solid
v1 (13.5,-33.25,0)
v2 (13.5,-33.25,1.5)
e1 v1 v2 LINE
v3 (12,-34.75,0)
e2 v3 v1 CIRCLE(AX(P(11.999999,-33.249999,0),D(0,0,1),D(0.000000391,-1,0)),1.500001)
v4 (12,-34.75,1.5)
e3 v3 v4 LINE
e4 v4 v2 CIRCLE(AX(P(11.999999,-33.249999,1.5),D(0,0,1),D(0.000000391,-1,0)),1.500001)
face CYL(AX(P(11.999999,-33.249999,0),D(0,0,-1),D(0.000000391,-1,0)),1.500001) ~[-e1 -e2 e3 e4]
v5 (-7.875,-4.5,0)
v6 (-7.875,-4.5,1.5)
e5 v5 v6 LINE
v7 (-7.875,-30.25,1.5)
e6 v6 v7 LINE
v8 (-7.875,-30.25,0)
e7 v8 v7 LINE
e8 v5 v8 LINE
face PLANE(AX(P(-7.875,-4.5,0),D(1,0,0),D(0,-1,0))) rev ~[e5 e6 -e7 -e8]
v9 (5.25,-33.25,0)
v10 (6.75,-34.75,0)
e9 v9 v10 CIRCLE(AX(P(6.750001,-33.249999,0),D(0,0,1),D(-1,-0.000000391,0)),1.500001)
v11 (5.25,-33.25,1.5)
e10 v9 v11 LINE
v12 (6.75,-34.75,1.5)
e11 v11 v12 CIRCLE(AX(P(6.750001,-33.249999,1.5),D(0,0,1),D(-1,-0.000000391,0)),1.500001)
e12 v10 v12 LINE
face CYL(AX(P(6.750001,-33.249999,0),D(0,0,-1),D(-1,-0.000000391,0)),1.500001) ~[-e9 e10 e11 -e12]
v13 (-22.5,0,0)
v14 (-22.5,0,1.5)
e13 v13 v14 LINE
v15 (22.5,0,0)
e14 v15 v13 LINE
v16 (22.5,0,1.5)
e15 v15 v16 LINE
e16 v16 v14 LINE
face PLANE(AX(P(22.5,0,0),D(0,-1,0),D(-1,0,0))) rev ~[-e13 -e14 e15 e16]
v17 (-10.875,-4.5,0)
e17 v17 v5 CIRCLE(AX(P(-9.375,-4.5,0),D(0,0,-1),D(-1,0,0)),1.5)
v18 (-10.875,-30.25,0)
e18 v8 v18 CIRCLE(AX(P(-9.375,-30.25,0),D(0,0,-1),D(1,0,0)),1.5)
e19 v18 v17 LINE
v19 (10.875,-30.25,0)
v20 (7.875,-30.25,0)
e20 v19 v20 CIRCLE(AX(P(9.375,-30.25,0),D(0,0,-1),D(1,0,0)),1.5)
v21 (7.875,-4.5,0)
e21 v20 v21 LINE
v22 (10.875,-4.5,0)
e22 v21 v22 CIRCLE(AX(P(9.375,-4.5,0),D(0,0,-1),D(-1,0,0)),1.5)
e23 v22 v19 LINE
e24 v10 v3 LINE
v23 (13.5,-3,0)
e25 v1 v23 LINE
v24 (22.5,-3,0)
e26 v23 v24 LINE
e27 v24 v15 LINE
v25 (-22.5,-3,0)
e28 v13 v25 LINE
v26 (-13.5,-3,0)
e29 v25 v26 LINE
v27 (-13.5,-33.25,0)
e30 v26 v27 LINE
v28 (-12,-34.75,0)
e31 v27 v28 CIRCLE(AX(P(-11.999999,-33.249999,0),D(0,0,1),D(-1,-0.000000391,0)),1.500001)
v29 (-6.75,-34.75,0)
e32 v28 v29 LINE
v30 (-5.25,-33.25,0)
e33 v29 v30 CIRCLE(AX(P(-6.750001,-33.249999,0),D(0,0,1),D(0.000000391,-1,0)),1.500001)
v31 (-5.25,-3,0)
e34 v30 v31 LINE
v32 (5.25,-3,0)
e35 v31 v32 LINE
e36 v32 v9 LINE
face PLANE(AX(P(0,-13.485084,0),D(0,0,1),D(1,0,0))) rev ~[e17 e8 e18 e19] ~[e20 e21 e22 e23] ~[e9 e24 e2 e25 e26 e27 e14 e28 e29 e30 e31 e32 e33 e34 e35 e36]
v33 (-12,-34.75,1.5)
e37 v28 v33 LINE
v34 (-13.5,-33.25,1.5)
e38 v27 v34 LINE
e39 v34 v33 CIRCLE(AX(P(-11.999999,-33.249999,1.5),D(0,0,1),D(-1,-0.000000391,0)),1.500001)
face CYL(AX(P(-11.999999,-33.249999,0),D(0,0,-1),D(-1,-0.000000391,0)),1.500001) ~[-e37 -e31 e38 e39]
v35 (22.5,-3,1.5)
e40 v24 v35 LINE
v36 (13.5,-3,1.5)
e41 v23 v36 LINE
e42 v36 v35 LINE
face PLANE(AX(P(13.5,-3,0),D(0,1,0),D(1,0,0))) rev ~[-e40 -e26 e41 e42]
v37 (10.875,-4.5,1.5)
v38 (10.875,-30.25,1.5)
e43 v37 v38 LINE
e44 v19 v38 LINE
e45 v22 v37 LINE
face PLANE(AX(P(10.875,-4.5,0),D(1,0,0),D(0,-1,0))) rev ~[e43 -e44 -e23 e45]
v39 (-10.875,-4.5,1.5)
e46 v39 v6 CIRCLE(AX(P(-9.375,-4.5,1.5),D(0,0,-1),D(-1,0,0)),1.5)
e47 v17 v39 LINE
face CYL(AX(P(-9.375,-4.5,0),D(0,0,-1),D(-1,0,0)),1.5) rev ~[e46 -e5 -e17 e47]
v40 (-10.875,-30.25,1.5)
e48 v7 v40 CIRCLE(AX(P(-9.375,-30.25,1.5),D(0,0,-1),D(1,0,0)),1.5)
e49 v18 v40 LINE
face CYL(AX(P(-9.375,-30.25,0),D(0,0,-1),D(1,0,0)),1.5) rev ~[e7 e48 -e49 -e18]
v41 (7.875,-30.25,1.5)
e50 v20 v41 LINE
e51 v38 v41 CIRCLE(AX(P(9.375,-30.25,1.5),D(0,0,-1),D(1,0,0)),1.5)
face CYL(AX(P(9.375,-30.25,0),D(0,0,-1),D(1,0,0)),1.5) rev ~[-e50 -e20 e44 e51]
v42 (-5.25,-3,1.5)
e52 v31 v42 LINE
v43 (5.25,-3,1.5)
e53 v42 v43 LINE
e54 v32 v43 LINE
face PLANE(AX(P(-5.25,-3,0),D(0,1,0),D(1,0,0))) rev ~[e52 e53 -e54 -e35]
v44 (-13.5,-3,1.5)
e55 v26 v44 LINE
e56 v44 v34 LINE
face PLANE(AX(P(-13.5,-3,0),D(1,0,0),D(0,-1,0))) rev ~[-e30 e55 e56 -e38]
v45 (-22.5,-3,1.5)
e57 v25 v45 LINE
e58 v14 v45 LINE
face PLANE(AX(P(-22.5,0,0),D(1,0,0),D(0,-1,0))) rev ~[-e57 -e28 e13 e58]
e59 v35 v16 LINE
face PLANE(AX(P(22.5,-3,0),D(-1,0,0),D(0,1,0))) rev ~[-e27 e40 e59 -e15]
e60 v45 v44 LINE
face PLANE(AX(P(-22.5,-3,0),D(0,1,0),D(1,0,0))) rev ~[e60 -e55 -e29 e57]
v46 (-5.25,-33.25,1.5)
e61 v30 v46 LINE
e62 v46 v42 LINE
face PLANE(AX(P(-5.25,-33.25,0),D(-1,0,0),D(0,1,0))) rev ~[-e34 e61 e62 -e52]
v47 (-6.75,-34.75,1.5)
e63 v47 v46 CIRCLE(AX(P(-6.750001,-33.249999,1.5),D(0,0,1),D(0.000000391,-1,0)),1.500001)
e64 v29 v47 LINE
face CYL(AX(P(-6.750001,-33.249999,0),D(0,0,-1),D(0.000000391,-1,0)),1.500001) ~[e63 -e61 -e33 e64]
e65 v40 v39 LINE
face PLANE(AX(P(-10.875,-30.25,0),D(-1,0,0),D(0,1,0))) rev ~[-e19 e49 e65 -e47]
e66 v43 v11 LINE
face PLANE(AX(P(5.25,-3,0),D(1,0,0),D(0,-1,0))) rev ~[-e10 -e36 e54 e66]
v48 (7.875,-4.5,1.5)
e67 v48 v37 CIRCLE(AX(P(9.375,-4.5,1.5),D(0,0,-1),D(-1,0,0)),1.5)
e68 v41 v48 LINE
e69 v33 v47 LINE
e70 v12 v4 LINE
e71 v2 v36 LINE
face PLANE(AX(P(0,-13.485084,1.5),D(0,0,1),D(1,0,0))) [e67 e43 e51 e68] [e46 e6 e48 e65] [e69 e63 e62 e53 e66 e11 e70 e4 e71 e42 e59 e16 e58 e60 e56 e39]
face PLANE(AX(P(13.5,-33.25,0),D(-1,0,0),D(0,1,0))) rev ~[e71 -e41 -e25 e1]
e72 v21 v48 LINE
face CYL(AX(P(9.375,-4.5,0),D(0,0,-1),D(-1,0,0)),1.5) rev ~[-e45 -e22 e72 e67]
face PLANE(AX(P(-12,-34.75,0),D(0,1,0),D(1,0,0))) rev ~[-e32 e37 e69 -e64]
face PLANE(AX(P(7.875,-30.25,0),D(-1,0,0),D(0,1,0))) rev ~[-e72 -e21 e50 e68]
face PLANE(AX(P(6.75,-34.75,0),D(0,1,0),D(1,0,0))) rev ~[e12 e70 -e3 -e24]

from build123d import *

# Parameters (mm, degrees)
F1_DEPTH = 1.5


with BuildPart() as f1:
    # F0 (on Top) → F1 (new body)
    with BuildSketch(Plane.XY):
        with BuildLine():
            Line((22.5, 0), (-22.5, 0))
            Line((-22.5, 0), (-22.5, -3))
            Line((-22.5, -3), (-13.5, -3))
            Line((-13.5, -3), (-13.5, -33.25))
            ThreePointArc((-13.5, -33.25), (-13.06066, -34.31066), (-12, -34.75))
            Line((-12, -34.75), (-6.75, -34.75))
            ThreePointArc((-6.75, -34.75), (-5.68934, -34.31066), (-5.25, -33.25))
            Line((-5.25, -33.25), (-5.25, -3))
            Line((-5.25, -3), (5.25, -3))
            Line((5.25, -3), (5.25, -33.25))
            ThreePointArc((5.25, -33.25), (5.68934, -34.31066), (6.75, -34.75))
            Line((6.75, -34.75), (12, -34.75))
            ThreePointArc((12, -34.75), (13.06066, -34.31066), (13.5, -33.25))
            Line((13.5, -33.25), (13.5, -3))
            Line((13.5, -3), (22.5, -3))
            Line((22.5, -3), (22.5, 0))
        make_face()
        with BuildLine():
            ThreePointArc((-10.875, -4.5), (-9.375, -3), (-7.875, -4.5))
            Line((-7.875, -4.5), (-7.875, -30.25))
            ThreePointArc((-7.875, -30.25), (-9.375, -31.75), (-10.875, -30.25))
            Line((-10.875, -30.25), (-10.875, -4.5))
        make_face(mode=Mode.SUBTRACT)
        with BuildLine():
            ThreePointArc((7.875, -4.5), (9.375, -3), (10.875, -4.5))
            Line((10.875, -4.5), (10.875, -30.25))
            ThreePointArc((10.875, -30.25), (9.375, -31.75), (7.875, -30.25))
            Line((7.875, -30.25), (7.875, -4.5))
        make_face(mode=Mode.SUBTRACT)
    extrude(amount=F1_DEPTH)


solid = f1.part
